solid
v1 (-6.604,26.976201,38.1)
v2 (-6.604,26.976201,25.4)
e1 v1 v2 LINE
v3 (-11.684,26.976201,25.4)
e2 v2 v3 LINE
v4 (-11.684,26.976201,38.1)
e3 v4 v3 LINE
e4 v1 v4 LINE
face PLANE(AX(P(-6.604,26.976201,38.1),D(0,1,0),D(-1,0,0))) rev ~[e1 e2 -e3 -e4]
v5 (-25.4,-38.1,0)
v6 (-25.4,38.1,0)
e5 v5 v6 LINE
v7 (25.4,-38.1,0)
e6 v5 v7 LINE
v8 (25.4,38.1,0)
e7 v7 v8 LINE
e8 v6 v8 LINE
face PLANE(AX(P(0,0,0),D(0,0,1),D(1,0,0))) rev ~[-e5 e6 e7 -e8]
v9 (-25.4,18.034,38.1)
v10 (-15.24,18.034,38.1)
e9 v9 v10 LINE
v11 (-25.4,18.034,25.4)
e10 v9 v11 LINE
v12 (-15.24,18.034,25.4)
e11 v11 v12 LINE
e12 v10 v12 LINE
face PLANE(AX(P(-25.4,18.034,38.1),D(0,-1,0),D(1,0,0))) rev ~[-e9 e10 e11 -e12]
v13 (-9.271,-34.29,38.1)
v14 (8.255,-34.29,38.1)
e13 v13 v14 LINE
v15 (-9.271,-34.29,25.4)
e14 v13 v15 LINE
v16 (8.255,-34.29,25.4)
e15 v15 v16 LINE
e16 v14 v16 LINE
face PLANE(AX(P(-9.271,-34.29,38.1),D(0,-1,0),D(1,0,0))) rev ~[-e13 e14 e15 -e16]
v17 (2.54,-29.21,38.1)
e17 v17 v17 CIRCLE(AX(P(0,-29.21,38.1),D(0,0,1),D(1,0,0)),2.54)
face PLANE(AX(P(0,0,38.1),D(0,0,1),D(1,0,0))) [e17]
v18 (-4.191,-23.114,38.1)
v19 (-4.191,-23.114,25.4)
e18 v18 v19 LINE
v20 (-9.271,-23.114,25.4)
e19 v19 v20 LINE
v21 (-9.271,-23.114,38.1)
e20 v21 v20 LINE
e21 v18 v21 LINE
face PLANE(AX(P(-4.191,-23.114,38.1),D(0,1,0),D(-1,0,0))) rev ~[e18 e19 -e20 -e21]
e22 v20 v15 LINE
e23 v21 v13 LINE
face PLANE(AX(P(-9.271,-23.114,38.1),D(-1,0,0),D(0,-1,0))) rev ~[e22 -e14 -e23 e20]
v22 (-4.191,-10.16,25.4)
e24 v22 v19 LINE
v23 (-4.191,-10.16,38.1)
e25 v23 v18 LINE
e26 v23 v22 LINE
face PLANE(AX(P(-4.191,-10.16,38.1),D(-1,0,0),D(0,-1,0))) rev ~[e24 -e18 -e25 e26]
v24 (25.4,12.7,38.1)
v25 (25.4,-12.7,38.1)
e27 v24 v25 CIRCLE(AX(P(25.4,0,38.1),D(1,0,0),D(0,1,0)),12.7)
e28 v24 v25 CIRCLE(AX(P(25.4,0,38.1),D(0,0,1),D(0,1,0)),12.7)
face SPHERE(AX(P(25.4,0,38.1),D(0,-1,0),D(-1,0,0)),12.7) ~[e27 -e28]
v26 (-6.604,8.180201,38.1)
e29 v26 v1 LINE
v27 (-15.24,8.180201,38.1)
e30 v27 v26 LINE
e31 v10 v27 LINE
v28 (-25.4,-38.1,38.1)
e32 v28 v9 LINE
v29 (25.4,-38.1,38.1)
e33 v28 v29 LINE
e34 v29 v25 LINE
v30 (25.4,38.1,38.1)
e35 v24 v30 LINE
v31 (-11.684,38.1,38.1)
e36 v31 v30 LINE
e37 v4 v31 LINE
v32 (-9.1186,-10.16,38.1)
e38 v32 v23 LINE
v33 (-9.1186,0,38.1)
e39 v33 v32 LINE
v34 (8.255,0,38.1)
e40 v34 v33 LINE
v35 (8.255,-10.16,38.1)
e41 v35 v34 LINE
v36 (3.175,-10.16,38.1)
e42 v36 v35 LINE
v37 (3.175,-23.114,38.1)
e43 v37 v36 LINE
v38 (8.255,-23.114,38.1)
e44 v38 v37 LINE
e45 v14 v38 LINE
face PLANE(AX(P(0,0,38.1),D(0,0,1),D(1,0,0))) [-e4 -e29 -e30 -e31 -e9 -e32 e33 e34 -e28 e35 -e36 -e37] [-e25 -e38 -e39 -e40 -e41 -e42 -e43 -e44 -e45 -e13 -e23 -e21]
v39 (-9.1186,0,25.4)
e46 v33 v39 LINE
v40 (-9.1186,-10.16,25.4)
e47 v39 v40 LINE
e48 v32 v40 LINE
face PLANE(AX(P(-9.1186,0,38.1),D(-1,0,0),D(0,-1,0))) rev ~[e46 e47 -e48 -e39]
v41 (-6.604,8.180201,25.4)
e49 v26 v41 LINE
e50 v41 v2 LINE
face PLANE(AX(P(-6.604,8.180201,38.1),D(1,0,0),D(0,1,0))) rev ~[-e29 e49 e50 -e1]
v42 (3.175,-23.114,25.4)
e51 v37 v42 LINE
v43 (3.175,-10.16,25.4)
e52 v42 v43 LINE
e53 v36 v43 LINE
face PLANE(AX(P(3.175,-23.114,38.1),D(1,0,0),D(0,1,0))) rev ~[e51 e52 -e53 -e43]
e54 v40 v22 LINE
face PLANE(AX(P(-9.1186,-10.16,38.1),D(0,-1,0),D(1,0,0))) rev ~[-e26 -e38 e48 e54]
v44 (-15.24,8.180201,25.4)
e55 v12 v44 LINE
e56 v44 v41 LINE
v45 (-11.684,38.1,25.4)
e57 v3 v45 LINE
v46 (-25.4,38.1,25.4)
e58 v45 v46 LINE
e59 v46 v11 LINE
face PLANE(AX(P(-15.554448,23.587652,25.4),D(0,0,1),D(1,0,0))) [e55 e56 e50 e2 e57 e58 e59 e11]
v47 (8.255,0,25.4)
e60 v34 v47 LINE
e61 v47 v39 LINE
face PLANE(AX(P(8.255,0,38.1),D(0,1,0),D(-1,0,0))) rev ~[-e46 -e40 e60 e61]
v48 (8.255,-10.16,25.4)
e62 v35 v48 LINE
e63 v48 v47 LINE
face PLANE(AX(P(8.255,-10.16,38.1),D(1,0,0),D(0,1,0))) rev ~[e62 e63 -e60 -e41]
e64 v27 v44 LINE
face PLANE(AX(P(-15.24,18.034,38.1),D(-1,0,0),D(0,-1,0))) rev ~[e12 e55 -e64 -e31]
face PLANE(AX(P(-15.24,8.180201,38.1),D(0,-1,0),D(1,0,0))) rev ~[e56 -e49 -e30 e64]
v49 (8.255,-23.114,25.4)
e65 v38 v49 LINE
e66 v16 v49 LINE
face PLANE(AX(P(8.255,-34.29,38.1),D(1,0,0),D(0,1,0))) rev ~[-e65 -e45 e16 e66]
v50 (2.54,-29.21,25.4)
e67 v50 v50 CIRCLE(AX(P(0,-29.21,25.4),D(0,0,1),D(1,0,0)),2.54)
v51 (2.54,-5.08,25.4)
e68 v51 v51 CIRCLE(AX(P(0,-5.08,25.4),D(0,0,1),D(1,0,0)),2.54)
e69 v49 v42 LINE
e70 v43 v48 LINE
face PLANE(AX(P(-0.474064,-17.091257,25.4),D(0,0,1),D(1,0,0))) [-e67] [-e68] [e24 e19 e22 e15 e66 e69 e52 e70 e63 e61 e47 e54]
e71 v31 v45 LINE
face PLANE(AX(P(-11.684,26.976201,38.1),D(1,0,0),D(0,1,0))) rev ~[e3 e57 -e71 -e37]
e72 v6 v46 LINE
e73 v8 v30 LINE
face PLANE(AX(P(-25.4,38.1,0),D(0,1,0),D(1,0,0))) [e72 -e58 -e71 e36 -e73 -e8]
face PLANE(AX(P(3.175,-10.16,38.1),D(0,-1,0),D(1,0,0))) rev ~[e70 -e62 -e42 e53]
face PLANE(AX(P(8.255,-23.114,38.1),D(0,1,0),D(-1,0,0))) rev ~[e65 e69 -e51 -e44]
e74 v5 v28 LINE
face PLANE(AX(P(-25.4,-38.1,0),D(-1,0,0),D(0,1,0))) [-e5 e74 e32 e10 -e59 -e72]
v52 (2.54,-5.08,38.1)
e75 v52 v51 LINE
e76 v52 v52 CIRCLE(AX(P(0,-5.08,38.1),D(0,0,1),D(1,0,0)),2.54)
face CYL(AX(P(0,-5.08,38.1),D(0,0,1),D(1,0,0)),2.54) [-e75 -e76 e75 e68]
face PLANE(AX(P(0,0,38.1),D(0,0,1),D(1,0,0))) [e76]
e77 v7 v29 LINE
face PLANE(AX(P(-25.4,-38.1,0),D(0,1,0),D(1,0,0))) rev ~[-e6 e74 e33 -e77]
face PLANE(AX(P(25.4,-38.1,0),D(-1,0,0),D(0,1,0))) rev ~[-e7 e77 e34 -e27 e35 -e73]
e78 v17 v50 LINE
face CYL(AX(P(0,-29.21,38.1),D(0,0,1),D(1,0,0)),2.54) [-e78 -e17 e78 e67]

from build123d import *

# Parameters (mm, degrees)
F0_W     = 50.8
F0_H     = 76.2
F1_DEPTH = 38.1
F3_ANGLE = 90
F4_DEPTH = 12.7
F2_R     = 2.54
F5_DEPTH = 12.7


with BuildPart() as f1:
    # F0 (on Top) → F1 (new body)
    with BuildSketch(Plane.XY):
        Rectangle(F0_W, F0_H)
    extrude(amount=F1_DEPTH)

    # F2 (on face) → F3 (revolve)
    with BuildSketch(Plane.XY.offset(38.1)):
        with BuildLine():
            Line((25.4, -12.7), (25.4, 12.7))
            ThreePointArc((25.4, 12.7), (12.7, 0), (25.4, -12.7))
        make_face()
    revolve(axis=Axis((25.4, 0, 38.1), (0, 1, 0)), revolution_arc=F3_ANGLE)

    # F2 (on face) → F4 (cut)
    with BuildSketch(Plane.XY.offset(38.1)):
        Polygon((-11.684, 38.1), (-25.4, 38.1), (-25.4, 18.034), (-15.24, 18.034), (-15.24, 8.1802008182), (-6.604, 8.1802008182), (-6.604, 26.9762008182), (-11.684, 26.9762008182), align=None)
    extrude(amount=-F4_DEPTH, mode=Mode.SUBTRACT)

    # F2 (on face) → F5 (cut)
    with BuildSketch(Plane.XY.offset(38.1)):
        Polygon((-9.271, -23.114), (-9.271, -34.29), (8.255, -34.29), (8.255, -23.114), (3.175, -23.114), (3.175, -10.16), (8.255, -10.16), (8.255, 0), (-9.1186, 0), (-9.1186, -10.16), (-4.191, -10.16), (-4.191, -23.114), align=None)
        with Locations((0, -29.21)):
            Circle(F2_R, mode=Mode.SUBTRACT)
        with Locations((0, -5.08)):
            Circle(F2_R, mode=Mode.SUBTRACT)
    extrude(amount=-F5_DEPTH, mode=Mode.SUBTRACT)


solid = f1.part
